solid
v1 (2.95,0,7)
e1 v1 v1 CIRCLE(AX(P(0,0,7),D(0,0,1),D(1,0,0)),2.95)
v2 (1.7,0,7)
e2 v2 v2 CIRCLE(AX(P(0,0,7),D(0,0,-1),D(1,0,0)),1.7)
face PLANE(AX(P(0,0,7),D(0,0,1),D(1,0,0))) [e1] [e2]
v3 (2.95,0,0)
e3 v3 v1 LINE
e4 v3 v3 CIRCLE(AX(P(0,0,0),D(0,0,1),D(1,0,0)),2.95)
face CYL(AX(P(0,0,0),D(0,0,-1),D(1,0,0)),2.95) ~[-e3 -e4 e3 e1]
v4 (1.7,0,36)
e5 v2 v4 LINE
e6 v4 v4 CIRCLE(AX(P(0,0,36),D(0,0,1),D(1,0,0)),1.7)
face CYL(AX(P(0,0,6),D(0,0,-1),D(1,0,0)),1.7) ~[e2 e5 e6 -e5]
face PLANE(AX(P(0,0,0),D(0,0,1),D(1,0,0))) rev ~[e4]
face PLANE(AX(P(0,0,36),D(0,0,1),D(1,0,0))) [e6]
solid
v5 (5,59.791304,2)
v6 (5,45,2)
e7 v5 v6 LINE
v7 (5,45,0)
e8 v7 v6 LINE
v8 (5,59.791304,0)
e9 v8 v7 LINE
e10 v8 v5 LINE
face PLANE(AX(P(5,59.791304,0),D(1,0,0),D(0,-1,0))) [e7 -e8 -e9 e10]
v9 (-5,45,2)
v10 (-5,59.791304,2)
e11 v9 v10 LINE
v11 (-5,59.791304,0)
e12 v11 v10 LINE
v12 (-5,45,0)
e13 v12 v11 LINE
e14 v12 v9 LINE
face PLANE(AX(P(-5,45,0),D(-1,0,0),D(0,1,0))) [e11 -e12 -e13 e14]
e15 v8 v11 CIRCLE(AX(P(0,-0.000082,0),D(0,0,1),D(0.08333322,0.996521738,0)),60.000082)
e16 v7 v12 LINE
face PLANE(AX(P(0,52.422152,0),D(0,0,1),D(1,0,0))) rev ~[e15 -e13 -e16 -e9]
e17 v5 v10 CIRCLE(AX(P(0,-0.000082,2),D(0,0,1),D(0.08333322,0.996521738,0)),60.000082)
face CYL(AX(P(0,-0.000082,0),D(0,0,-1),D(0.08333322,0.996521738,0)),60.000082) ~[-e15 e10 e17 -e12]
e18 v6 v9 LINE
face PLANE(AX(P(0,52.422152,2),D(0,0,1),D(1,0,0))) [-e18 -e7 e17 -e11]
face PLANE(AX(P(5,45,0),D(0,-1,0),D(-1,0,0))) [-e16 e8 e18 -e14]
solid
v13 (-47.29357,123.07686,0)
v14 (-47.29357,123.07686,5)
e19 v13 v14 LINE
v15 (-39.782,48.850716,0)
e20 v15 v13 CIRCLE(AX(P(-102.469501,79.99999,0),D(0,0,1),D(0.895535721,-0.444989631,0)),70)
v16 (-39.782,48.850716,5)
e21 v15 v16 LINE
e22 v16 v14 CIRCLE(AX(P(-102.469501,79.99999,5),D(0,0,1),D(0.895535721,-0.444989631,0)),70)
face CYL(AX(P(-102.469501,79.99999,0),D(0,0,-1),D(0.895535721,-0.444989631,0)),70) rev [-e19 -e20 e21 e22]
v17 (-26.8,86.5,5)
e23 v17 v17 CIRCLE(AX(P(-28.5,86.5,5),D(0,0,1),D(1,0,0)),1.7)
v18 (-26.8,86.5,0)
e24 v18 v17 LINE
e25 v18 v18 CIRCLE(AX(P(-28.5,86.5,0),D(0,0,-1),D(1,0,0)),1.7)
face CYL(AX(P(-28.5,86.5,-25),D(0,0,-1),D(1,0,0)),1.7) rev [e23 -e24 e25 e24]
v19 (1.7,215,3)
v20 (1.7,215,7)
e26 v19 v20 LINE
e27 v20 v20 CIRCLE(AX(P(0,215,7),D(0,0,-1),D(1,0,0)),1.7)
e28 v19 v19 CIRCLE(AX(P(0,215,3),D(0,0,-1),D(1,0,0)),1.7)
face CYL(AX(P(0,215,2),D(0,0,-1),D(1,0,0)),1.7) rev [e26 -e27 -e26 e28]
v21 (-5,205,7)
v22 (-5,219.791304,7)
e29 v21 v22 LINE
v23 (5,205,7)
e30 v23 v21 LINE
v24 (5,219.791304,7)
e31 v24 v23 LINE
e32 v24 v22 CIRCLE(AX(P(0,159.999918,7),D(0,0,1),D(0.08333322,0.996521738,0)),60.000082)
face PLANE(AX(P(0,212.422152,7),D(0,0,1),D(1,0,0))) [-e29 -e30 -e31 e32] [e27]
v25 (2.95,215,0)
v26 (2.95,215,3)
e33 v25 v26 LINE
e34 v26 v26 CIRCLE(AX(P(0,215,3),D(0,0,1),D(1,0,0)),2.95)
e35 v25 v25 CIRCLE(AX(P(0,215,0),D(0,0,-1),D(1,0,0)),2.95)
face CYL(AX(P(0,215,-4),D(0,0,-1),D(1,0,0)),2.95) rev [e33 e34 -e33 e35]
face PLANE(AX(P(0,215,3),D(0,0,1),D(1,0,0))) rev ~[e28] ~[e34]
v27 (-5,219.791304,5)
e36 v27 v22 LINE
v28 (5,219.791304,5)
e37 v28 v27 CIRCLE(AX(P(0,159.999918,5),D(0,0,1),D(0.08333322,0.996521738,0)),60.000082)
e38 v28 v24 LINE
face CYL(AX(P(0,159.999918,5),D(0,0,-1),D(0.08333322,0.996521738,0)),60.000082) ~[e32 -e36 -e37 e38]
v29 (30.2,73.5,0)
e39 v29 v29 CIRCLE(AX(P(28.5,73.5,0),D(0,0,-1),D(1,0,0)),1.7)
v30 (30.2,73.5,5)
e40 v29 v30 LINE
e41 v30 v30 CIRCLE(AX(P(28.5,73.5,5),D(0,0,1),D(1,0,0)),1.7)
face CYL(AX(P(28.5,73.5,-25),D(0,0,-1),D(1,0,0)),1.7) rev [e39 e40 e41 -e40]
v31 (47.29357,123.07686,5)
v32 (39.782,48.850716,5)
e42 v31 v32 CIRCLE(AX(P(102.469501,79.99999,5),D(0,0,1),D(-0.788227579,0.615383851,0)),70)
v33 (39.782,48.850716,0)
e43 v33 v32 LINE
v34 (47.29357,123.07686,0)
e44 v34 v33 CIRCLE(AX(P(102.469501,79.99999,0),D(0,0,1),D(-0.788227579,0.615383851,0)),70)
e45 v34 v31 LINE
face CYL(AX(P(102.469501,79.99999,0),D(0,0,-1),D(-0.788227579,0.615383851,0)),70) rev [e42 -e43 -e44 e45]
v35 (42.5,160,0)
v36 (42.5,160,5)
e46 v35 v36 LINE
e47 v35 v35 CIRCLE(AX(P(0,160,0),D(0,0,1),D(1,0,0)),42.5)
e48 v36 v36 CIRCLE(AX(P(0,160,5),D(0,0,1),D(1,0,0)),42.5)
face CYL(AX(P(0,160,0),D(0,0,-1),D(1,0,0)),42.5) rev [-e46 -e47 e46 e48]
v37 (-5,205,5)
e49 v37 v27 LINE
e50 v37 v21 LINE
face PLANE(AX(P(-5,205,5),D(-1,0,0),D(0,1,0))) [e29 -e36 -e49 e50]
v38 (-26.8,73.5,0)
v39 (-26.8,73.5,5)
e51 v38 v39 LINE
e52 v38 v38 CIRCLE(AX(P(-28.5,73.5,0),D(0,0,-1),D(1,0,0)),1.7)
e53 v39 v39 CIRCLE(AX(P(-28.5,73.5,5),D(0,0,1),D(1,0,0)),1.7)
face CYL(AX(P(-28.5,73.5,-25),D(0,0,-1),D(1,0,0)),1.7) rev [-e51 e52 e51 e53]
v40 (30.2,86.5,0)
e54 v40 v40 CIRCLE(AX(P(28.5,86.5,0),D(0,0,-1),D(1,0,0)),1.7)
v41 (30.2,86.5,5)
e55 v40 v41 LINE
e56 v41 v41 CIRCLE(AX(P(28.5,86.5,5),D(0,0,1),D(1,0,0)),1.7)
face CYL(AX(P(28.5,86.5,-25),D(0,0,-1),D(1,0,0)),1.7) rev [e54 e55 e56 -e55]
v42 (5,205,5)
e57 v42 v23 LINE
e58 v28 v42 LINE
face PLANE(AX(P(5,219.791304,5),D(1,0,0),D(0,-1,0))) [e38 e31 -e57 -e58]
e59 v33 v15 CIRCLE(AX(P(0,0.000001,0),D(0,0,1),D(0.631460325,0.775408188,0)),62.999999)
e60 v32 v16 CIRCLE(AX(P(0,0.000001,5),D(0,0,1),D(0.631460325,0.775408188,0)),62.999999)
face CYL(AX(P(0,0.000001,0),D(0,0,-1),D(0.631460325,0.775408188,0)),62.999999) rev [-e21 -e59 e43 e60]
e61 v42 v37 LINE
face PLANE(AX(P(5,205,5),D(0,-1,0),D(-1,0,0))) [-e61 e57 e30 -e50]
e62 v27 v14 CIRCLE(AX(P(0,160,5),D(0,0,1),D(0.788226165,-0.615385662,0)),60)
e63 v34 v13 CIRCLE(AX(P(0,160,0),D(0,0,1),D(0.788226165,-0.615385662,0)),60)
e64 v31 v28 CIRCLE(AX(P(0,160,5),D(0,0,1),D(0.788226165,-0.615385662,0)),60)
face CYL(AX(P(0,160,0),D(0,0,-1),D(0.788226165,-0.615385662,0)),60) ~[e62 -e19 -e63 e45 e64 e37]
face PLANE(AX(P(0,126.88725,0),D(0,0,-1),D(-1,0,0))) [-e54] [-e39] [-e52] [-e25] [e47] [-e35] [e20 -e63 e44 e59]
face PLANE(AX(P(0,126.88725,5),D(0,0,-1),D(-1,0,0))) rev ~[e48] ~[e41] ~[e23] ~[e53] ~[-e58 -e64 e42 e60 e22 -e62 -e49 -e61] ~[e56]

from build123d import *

# Parameters (mm, degrees)
CYLINDER_R        = 2.95
CYLINDER_DEPTH    = 7
CYLINDER001_R     = 1.7
CYLINDER001_DEPTH = 30
PAD023_DEPTH      = 2
SKETCH033_R       = 42.5
PAD024_DEPTH      = 5


with BuildPart() as m3bolthead:
    # Cylinder → Cylinder (new body)
    with BuildSketch(Plane.XY):
        Circle(CYLINDER_R)
    extrude(amount=CYLINDER_DEPTH)


with BuildPart() as m3bolt:
    # Cylinder001 → Cylinder001 (new body)
    with BuildSketch(Plane.XY.offset(6)):
        Circle(CYLINDER001_R)
    extrude(amount=CYLINDER001_DEPTH)

    # Fusion: union M3BoltHead
    add(m3bolthead.part)


with BuildPart() as art2coversupportmaster:
    # Sketch032 → Pad023 (new body)
    with BuildSketch(Plane.XY):
        with BuildLine():
            ThreePointArc((5, 59.791304), (0, 60), (-5, 59.791304))
            Line((-5, 45), (-5, 59.791304))
            Line((5, 45), (-5, 45))
            Line((5, 59.791304), (5, 45))
        make_face()
    extrude(amount=PAD023_DEPTH)


with BuildPart() as clone_of_m3bolt060:
    # Clone194 base: copy of M3Bolt
    add(m3bolt.part)


with BuildPart() as clone_of_m3bolt060_1:
    # Clone194 placement: moved
    add(clone_of_m3bolt060.part.moved(Location((28.5, 73.5, -31))))


with BuildPart() as clone_of_m3bolt061:
    # Clone195 base: copy of M3Bolt
    add(m3bolt.part)


with BuildPart() as clone_of_m3bolt061_1:
    # Clone195 placement: moved
    add(clone_of_m3bolt061.part.moved(Location((-28.5, 73.5, -31))))


with BuildPart() as clone_of_m3bolt062:
    # Clone196 base: copy of M3Bolt
    add(m3bolt.part)


with BuildPart() as clone_of_m3bolt062_1:
    # Clone196 placement: moved
    add(clone_of_m3bolt062.part.moved(Location((-28.5, 86.5, -31))))


with BuildPart() as clone_of_m3bolt063:
    # Clone197 base: copy of M3Bolt
    add(m3bolt.part)


with BuildPart() as clone_of_m3bolt063_1:
    # Clone197 placement: moved
    add(clone_of_m3bolt063.part.moved(Location((0, 215, -4))))


with BuildPart() as fusion071:
    # Clone193 base: copy of M3Bolt
    add(m3bolt.part)


with BuildPart() as fusion071_1:
    # Clone193 placement: moved
    add(fusion071.part.moved(Location((28.5, 86.5, -31))))

    # Fusion071: union Clone of M3Bolt060, Clone of M3Bolt061, Clone of M3Bolt062, Clone of M3Bolt063
    add(clone_of_m3bolt060_1.part)
    add(clone_of_m3bolt061_1.part)
    add(clone_of_m3bolt062_1.part)
    add(clone_of_m3bolt063_1.part)


with BuildPart() as clone_of_art2coversupportmaster002:
    # Clone188 base: copy of Art2CoverSupportMaster
    add(art2coversupportmaster.part)


with BuildPart() as clone_of_art2coversupportmaster002_1:
    # Clone188 placement: moved
    add(clone_of_art2coversupportmaster002.part.moved(Location((0, 160, 5))))


with BuildPart() as art2bodyacover2:
    # Sketch033 → Pad024 (new body)
    with BuildSketch(Plane.XY):
        with BuildLine():
            ThreePointArc((47.29357, 123.07686), (32.82521, 87.047884), (39.782, 48.850716))
            ThreePointArc((39.782, 48.850716), (0, 63), (-39.782, 48.850716))
            ThreePointArc((-39.782, 48.850716), (-32.82521, 87.047884), (-47.29357, 123.07686))
            ThreePointArc((47.29357, 123.07686), (0, 220), (-47.29357, 123.07686))
        make_face()
        with Locations((0, 160)):
            Circle(SKETCH033_R, mode=Mode.SUBTRACT)
    extrude(amount=PAD024_DEPTH)

    # Fusion069: union Clone of Art2CoverSupportMaster002
    add(clone_of_art2coversupportmaster002_1.part)

    # Cut060: cut Fusion071
    add(fusion071_1.part, mode=Mode.SUBTRACT)


solid = Compound([m3bolt.part, art2coversupportmaster.part, art2bodyacover2.part])
